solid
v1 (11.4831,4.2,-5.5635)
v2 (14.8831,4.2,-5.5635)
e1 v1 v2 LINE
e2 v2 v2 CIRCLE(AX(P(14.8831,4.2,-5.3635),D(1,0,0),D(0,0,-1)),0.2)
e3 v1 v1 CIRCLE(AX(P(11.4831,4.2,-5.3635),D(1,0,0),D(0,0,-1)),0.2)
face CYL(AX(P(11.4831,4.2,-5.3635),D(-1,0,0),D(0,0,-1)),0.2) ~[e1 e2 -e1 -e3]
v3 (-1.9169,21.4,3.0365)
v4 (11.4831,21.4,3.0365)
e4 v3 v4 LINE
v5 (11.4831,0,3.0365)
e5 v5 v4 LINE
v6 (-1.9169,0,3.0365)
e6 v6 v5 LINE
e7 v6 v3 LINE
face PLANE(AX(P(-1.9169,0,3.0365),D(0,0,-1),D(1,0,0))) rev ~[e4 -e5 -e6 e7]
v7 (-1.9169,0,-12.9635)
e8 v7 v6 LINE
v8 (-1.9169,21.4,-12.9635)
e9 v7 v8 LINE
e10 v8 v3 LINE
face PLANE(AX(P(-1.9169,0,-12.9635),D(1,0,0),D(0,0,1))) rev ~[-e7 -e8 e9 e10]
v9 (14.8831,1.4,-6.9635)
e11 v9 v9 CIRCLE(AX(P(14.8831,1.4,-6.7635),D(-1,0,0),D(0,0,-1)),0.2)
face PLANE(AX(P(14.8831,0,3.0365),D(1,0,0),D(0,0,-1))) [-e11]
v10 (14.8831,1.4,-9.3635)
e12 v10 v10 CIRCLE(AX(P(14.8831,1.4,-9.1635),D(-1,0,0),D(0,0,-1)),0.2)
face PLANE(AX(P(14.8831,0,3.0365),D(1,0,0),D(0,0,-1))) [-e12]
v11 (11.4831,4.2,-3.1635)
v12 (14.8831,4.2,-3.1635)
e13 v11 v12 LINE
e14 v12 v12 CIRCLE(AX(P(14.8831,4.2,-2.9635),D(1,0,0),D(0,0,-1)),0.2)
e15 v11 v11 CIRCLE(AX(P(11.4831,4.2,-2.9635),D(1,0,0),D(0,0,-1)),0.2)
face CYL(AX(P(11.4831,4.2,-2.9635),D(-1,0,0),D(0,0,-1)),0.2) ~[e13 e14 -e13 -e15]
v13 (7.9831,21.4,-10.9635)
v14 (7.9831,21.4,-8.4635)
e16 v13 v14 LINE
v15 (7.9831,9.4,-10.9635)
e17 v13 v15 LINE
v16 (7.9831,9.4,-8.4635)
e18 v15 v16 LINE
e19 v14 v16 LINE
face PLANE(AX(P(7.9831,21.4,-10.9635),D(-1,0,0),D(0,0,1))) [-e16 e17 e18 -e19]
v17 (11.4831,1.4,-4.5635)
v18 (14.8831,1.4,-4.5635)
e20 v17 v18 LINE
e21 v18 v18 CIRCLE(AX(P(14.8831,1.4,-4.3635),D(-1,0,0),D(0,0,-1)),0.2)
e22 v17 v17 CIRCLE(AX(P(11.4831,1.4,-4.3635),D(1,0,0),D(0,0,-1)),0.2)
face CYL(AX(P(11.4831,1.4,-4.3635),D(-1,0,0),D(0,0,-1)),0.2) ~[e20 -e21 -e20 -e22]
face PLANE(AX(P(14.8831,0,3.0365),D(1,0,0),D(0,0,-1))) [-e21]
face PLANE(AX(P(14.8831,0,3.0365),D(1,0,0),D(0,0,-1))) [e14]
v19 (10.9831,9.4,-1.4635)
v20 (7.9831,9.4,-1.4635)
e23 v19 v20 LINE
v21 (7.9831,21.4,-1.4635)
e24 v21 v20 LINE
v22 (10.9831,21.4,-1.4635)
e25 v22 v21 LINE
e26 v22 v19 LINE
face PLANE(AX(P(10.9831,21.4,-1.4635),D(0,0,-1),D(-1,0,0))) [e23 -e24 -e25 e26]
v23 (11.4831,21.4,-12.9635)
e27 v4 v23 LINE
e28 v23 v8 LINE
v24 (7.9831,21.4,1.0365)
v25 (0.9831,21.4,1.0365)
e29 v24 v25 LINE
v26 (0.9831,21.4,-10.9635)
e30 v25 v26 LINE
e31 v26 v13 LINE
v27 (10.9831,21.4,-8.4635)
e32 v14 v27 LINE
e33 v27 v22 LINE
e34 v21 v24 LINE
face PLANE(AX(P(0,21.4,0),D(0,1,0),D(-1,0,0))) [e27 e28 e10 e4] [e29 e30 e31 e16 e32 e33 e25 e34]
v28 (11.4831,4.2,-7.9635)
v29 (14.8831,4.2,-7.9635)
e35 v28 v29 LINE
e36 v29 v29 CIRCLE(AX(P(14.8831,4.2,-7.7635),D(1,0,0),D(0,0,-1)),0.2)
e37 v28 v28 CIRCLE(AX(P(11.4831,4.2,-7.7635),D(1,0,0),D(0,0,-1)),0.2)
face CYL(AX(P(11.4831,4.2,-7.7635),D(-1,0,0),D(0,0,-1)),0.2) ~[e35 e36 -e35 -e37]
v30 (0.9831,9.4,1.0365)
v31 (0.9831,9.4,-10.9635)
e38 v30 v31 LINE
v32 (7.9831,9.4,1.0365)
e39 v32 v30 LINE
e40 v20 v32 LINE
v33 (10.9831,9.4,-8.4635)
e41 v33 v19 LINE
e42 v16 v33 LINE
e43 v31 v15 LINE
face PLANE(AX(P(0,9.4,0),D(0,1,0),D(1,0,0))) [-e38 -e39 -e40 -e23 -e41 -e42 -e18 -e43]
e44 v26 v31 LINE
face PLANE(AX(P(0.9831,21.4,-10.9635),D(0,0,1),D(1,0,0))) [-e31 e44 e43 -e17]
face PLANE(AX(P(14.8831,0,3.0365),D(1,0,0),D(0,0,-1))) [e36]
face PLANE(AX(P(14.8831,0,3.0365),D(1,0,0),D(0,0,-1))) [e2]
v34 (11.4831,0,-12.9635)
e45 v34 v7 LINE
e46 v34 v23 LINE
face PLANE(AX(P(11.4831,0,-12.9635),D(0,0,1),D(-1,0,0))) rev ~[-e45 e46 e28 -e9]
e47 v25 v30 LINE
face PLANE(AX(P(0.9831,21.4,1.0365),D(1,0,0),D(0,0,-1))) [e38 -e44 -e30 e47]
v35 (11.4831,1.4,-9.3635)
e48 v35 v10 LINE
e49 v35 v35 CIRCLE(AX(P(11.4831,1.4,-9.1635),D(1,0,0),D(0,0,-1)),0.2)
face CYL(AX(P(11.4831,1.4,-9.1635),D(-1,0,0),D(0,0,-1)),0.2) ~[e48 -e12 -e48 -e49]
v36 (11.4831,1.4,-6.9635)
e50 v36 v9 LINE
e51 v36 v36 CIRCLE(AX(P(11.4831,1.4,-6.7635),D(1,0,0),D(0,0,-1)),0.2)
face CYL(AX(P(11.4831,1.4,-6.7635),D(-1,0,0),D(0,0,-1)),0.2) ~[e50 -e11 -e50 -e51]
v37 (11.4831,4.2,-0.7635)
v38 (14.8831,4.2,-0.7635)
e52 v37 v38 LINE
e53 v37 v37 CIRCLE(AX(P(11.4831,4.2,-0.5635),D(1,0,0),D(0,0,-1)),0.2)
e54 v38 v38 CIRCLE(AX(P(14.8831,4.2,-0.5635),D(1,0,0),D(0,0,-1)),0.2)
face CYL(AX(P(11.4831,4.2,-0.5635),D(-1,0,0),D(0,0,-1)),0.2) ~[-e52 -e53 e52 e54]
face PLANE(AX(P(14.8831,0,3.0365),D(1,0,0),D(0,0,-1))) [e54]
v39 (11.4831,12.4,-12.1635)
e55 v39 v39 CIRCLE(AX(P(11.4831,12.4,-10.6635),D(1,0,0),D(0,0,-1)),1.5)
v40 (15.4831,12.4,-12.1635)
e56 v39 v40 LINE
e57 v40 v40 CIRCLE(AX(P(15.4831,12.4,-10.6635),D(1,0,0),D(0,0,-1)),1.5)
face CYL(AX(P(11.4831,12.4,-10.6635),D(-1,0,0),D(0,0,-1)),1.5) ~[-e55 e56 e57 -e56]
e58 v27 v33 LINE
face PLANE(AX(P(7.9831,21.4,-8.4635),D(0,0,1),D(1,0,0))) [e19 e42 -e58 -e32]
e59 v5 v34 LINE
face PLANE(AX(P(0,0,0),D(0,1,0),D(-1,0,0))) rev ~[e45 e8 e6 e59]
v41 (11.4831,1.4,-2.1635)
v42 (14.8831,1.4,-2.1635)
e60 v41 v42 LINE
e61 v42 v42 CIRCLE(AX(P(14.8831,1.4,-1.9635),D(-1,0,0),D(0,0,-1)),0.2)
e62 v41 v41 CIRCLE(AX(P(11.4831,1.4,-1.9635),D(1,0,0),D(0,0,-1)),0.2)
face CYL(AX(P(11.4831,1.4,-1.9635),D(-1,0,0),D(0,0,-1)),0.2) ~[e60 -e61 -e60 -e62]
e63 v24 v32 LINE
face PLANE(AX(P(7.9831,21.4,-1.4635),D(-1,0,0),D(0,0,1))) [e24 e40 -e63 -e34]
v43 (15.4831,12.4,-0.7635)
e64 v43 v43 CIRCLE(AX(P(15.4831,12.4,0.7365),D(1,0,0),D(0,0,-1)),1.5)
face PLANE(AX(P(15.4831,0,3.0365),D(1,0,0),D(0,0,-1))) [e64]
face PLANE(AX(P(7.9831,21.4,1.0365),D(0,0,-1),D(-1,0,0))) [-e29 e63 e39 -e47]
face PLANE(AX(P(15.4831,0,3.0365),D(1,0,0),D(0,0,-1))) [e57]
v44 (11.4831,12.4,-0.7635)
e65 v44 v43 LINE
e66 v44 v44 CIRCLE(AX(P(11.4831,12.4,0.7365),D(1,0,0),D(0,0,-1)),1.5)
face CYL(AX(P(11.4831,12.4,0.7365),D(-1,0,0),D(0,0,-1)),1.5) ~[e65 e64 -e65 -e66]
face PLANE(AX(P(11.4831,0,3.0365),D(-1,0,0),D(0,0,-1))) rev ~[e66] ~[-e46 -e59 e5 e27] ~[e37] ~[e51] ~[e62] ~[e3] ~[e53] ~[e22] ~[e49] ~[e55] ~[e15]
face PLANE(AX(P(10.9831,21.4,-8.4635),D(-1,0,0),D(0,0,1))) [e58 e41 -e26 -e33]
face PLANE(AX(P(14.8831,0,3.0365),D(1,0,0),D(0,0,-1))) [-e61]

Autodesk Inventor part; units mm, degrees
ref_plane "YZ Plane" through (0, 0, 0) normal (1, 0, 0) x (0, 1, 0)
ref_plane "XZ Plane" through (0, 0, 0) normal (0, 1, 0) x (-1, 0, 0)
ref_plane "XY Plane" through (0, 0, 0) normal (0, 0, 1) x (1, 0, 0)
sketch "Sketch1" plane through (0, 0, 0) normal (0, 1, 0) x (-1, 0, 0)
  line L0 (1.9169, 3.0365) -> (-11.4831, 3.0365)
  line L1 (-11.4831, 3.0365) -> (-11.4831, -12.9635)
  line L2 (-11.4831, -12.9635) -> (1.9169, -12.9635)
  line L3 (1.9169, -12.9635) -> (1.9169, 3.0365)
  point P0 (0, 0)
  dimension "d0" = 13.4
  dimension "d1" = 16
extrude "Extrusion1" add sketch "Sketch1" along normal blind 21.4
sketch "Sketch2" plane through (0, 21.4, 0) normal (0, 1, 0) x (1, 0, 0)
  line L0 (0.9831, -1.0365) -> (0.9831, 10.9635)
  line L1 (11.4831, 12.9635) -> (-1.9169, 12.9635) projected
  line L2 (0.9831, 10.9635) -> (7.9831, 10.9635)
  line L3 (7.9831, 10.9635) -> (7.9831, 8.4635)
  line L4 (7.9831, 8.4635) -> (10.9831, 8.4635)
  line L5 (10.9831, 8.4635) -> (10.9831, 1.4635)
  line L6 (10.9831, 1.4635) -> (7.9831, 1.4635)
  line L7 (7.9831, 1.4635) -> (7.9831, -1.0365)
  line L8 (7.9831, -1.0365) -> (0.9831, -1.0365)
  line L9 (-1.9169, -3.0365) -> (11.4831, -3.0365) projected
  line L10 (-1.9169, 12.9635) -> (-1.9169, -3.0365) projected
  point P0 (0, 0)
  dimension "d4" = 12
  dimension "d5" = 7
  dimension "d6" = 7
  dimension "d7" = 3
  dimension "d8" = 7
  dimension "d9" = 2.5
  dimension "d10" = 2.5
  dimension "d11" = 2
  dimension "d12" = 2
  dimension "d13" = 2.9
extrude "Extrusion2" cut sketch "Sketch2" against normal blind 12
sketch "Sketch3" plane through (11.4831, 0, 3.0365) normal (1, 0, 0) x (0, 0, -1)
  circle A0 centre (13.7, 12.4) radius 1.5
  circle A1 centre (2.3, 12.4) radius 1.5
  line L0 (0, 21.4) -> (16, 21.4) projected
  line L1 (0, 0) -> (0, 21.4) projected
  line L2 (16, 0) -> (16, 21.4) projected
  point P0 (3.0365, 0)
  dimension "d16" = 3
  dimension "d17" = 3
  dimension "d18" = 9
  dimension "d19" = 9
  dimension "d20" = 2.3
  dimension "d21" = 2.3
extrude "Extrusion3" add sketch "Sketch3" along normal blind 4
sketch "Sketch4" plane through (11.4831, 0, 3.0365) normal (1, 0, 0) x (0, 0, -1)
  circle A0 centre (3.6, 4.2) radius 0.2
  circle A1 centre (6, 4.2) radius 0.2
  line L0 (0, 0) -> (0, 21.4) projected
  circle A2 centre (8.4, 4.2) radius 0.2
  circle A3 centre (10.8, 4.2) radius 0.2
  line L1 (0, 0) -> (16, 0) projected
  line L2 (0.3816, 1.4) -> (15.1957, 1.4)
  circle A4 centre (5, 1.4) radius 0.2
  circle A5 centre (7.4, 1.4) radius 0.2
  circle A6 centre (9.8, 1.4) radius 0.2
  circle A7 centre (12.2, 1.4) radius 0.2
  point P0 (3.0365, 0)
  dimension "d24" = 0.4
  dimension "d25" = 0.4
  dimension "d26" = 3.6
  dimension "d27" = 2.4
  dimension "d28" = 0.4
  dimension "d29" = 0.4
  dimension "d30" = 2.4
  dimension "d31" = 2.4
  dimension "d32" = 0
  dimension "d33" = 0
  dimension "d34" = 0
  dimension "d35" = 4.2
  dimension "d36" = 1.4
  dimension "d37" = 0.4
  dimension "d38" = 0.4
  dimension "d39" = 0.4
  dimension "d40" = 0.4
  dimension "d41" = 1.4
  dimension "d42" = 2.4
  dimension "d43" = 2.4
  dimension "d44" = 2.4
extrude "Extrusion4" add sketch "Sketch4" along normal blind 3.4
equation "\"d21\" = d20"
properties part number "rj45"
